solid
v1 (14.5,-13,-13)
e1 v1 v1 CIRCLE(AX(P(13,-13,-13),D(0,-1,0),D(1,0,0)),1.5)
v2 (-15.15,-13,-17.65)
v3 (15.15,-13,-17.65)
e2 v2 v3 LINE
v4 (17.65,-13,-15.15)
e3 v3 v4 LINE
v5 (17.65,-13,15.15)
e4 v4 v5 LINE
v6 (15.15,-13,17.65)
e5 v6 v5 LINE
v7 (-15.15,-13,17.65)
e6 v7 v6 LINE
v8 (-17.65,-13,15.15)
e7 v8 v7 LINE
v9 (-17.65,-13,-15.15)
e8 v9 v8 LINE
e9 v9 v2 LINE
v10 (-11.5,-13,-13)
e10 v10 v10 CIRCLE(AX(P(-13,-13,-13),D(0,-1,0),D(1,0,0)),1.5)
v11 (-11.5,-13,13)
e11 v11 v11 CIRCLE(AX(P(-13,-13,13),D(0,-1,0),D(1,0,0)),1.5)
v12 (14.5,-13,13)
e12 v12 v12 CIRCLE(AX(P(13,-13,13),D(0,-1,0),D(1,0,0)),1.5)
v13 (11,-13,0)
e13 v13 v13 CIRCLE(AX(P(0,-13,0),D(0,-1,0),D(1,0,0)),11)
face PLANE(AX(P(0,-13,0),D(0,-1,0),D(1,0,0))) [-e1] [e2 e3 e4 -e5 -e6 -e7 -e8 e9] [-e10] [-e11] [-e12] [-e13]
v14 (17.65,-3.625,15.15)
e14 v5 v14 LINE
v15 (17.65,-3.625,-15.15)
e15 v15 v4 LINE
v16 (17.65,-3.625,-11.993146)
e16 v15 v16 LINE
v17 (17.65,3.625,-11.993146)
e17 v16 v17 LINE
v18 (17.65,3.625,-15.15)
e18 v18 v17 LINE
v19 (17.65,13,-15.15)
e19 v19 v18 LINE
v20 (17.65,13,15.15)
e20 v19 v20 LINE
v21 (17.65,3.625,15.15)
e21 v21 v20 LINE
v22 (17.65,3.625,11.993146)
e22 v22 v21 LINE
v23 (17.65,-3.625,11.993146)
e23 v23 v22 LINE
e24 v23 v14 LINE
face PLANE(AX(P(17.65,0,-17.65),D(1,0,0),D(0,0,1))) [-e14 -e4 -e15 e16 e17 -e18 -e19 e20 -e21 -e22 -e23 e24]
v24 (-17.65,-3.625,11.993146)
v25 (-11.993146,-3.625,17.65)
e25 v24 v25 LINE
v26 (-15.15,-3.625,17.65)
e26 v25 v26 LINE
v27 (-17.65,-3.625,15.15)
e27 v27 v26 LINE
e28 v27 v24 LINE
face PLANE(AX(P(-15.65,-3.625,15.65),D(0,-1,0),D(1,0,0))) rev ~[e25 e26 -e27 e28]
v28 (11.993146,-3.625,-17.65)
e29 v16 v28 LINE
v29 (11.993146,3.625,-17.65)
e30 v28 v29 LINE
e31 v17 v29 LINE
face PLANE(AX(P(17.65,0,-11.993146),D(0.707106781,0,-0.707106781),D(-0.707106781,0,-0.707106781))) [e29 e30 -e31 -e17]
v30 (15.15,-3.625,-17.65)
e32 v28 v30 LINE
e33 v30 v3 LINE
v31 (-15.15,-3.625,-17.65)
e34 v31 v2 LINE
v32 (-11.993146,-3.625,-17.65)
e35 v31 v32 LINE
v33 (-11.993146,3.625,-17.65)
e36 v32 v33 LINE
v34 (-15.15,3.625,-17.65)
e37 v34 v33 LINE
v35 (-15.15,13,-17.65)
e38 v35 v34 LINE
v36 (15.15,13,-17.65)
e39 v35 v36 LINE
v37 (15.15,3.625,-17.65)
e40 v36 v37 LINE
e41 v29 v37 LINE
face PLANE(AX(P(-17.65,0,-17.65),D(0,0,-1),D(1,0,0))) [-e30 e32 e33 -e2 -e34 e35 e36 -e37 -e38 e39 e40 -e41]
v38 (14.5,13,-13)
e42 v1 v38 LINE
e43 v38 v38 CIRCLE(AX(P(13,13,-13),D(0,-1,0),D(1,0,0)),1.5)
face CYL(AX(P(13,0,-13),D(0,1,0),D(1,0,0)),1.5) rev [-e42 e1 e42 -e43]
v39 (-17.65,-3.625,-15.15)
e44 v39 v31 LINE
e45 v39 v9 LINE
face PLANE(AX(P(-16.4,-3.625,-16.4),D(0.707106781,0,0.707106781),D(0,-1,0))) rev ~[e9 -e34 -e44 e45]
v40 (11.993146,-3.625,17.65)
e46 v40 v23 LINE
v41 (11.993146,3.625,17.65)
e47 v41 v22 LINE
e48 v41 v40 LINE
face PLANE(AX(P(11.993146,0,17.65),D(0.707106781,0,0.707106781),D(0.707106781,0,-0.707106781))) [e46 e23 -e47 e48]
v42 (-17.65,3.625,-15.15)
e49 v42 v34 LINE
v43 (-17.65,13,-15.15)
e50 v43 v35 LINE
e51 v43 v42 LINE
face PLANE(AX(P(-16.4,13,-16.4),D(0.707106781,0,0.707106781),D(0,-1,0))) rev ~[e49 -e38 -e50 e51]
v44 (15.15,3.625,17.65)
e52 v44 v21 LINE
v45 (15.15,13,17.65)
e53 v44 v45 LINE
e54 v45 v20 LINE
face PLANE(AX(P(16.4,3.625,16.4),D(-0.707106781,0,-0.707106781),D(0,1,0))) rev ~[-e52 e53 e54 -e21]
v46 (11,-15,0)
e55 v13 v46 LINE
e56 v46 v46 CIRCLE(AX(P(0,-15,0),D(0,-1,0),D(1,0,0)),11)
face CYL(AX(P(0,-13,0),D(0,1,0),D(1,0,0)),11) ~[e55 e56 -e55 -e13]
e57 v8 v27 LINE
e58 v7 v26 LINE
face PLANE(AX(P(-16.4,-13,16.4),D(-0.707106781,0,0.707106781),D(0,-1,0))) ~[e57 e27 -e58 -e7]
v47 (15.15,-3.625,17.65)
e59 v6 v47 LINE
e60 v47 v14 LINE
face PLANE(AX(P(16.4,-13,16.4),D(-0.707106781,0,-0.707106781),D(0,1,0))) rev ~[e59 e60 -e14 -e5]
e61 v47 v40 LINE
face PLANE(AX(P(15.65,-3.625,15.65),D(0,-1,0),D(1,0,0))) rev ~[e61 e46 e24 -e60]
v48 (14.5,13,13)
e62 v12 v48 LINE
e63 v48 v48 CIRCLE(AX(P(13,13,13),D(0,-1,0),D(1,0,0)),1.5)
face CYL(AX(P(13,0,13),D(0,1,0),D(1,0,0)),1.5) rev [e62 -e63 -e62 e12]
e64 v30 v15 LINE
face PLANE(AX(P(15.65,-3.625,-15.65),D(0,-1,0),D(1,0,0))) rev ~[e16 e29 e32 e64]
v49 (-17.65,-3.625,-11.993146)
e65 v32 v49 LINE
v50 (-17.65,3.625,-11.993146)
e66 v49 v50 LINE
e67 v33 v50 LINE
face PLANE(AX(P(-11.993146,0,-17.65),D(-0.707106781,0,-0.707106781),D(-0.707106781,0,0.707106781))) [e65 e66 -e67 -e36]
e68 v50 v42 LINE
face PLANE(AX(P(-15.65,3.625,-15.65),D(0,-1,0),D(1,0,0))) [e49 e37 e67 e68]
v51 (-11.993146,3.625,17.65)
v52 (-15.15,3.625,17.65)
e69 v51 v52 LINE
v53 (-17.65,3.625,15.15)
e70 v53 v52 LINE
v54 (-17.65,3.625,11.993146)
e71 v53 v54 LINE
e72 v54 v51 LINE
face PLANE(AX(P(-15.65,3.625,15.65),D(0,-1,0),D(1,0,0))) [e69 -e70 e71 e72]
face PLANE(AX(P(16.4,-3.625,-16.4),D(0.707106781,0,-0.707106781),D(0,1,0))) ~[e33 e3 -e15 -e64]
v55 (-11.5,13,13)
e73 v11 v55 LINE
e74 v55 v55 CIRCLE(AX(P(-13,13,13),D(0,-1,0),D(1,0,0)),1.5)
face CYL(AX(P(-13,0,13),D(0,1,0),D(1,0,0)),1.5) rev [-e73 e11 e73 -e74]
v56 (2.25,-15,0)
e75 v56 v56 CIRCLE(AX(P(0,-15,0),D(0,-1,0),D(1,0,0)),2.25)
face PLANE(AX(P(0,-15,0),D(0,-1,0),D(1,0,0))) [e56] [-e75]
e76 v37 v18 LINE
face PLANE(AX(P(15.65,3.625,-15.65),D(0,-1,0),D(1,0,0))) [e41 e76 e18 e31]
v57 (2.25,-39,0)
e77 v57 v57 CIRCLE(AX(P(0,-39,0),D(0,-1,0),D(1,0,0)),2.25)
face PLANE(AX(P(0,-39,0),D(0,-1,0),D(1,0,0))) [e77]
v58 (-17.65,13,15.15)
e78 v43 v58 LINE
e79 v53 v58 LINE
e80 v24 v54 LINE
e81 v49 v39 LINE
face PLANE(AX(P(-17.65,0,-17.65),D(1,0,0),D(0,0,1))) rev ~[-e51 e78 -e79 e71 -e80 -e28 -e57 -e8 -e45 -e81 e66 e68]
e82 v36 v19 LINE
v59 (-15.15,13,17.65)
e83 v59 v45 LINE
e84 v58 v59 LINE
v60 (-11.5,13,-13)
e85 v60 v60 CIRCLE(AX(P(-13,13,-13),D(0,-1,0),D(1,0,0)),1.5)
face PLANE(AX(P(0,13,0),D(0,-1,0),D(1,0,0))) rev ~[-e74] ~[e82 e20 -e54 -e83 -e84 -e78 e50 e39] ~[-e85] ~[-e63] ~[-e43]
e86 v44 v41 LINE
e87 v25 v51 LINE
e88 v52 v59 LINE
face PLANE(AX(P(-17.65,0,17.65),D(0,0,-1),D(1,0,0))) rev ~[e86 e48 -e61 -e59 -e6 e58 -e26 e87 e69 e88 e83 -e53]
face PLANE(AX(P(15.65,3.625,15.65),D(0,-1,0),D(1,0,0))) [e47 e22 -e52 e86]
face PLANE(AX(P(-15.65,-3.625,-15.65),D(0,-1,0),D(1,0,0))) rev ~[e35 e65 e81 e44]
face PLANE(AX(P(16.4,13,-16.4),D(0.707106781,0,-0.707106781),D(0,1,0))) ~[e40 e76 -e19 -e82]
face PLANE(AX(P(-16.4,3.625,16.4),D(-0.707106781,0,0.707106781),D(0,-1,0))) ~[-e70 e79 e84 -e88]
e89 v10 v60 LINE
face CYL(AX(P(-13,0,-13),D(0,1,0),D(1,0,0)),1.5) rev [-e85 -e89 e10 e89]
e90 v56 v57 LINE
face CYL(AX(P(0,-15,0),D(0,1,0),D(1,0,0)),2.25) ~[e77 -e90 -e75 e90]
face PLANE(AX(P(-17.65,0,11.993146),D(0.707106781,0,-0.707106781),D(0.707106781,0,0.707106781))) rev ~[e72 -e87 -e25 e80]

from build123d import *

# Parameters (mm, degrees)
F0_W     = 35.3
F0_H     = 35.3
F0_R     = 1.5
F1_DEPTH = 13
F2_R     = 11
F3_DEPTH = 2
F4_R     = 2.25
F5_DEPTH = 24
F7_DEPTH = 3.625
F8_SIZE  = 2.5


with BuildPart() as f1:
    # F0 (on Front) → F1 (new body, symmetric)
    with BuildSketch(Plane.XZ):
        Rectangle(F0_W, F0_H)
        with Locations((-13, -13)):
            Circle(F0_R, mode=Mode.SUBTRACT)
        with Locations((13, -13)):
            Circle(F0_R, mode=Mode.SUBTRACT)
        with Locations((-13, 13)):
            Circle(F0_R, mode=Mode.SUBTRACT)
        with Locations((13, 13)):
            Circle(F0_R, mode=Mode.SUBTRACT)
    extrude(amount=F1_DEPTH, both=True)

    # F2 (on face) → F3 (join)
    with BuildSketch(Plane.XZ.offset(13)):
        Circle(F2_R)
    extrude(amount=F3_DEPTH)

    # F4 (on face) → F5 (join)
    with BuildSketch(Plane.XZ.offset(15)):
        Circle(F4_R)
    extrude(amount=F5_DEPTH)

    # F6 (on Front) → F7 (cut, symmetric)
    with BuildSketch(Plane.XZ):
        Polygon((17.65, 17.65), (11.9931457505, 17.65), (17.65, 11.9931457505), align=None)
        Polygon((11.9931457505, -17.65), (17.65, -17.65), (17.65, -11.9931457505), align=None)
        Polygon((-17.65, -11.9931457505), (-17.65, -17.65), (-11.9931457505, -17.65), align=None)
        Polygon((-11.9931457505, 17.65), (-17.65, 17.65), (-17.65, 11.9931457505), align=None)
    extrude(amount=F7_DEPTH, both=True, mode=Mode.SUBTRACT)

    # F8
    f8_edges = [f1.edges().sort_by_distance(p)[0] for p in [
        (17.65, -8.3125, 17.65),
        (17.65, 8.3125, 17.65),
        (-17.65, 8.3125, 17.65),
        (-17.65, -8.3125, 17.65),
        (17.65, 8.3125, -17.65),
        (17.65, -8.3125, -17.65),
        (-17.65, -8.3125, -17.65),
        (-17.65, 8.3125, -17.65),
    ]]
    chamfer(f8_edges, length=F8_SIZE)


solid = f1.part
